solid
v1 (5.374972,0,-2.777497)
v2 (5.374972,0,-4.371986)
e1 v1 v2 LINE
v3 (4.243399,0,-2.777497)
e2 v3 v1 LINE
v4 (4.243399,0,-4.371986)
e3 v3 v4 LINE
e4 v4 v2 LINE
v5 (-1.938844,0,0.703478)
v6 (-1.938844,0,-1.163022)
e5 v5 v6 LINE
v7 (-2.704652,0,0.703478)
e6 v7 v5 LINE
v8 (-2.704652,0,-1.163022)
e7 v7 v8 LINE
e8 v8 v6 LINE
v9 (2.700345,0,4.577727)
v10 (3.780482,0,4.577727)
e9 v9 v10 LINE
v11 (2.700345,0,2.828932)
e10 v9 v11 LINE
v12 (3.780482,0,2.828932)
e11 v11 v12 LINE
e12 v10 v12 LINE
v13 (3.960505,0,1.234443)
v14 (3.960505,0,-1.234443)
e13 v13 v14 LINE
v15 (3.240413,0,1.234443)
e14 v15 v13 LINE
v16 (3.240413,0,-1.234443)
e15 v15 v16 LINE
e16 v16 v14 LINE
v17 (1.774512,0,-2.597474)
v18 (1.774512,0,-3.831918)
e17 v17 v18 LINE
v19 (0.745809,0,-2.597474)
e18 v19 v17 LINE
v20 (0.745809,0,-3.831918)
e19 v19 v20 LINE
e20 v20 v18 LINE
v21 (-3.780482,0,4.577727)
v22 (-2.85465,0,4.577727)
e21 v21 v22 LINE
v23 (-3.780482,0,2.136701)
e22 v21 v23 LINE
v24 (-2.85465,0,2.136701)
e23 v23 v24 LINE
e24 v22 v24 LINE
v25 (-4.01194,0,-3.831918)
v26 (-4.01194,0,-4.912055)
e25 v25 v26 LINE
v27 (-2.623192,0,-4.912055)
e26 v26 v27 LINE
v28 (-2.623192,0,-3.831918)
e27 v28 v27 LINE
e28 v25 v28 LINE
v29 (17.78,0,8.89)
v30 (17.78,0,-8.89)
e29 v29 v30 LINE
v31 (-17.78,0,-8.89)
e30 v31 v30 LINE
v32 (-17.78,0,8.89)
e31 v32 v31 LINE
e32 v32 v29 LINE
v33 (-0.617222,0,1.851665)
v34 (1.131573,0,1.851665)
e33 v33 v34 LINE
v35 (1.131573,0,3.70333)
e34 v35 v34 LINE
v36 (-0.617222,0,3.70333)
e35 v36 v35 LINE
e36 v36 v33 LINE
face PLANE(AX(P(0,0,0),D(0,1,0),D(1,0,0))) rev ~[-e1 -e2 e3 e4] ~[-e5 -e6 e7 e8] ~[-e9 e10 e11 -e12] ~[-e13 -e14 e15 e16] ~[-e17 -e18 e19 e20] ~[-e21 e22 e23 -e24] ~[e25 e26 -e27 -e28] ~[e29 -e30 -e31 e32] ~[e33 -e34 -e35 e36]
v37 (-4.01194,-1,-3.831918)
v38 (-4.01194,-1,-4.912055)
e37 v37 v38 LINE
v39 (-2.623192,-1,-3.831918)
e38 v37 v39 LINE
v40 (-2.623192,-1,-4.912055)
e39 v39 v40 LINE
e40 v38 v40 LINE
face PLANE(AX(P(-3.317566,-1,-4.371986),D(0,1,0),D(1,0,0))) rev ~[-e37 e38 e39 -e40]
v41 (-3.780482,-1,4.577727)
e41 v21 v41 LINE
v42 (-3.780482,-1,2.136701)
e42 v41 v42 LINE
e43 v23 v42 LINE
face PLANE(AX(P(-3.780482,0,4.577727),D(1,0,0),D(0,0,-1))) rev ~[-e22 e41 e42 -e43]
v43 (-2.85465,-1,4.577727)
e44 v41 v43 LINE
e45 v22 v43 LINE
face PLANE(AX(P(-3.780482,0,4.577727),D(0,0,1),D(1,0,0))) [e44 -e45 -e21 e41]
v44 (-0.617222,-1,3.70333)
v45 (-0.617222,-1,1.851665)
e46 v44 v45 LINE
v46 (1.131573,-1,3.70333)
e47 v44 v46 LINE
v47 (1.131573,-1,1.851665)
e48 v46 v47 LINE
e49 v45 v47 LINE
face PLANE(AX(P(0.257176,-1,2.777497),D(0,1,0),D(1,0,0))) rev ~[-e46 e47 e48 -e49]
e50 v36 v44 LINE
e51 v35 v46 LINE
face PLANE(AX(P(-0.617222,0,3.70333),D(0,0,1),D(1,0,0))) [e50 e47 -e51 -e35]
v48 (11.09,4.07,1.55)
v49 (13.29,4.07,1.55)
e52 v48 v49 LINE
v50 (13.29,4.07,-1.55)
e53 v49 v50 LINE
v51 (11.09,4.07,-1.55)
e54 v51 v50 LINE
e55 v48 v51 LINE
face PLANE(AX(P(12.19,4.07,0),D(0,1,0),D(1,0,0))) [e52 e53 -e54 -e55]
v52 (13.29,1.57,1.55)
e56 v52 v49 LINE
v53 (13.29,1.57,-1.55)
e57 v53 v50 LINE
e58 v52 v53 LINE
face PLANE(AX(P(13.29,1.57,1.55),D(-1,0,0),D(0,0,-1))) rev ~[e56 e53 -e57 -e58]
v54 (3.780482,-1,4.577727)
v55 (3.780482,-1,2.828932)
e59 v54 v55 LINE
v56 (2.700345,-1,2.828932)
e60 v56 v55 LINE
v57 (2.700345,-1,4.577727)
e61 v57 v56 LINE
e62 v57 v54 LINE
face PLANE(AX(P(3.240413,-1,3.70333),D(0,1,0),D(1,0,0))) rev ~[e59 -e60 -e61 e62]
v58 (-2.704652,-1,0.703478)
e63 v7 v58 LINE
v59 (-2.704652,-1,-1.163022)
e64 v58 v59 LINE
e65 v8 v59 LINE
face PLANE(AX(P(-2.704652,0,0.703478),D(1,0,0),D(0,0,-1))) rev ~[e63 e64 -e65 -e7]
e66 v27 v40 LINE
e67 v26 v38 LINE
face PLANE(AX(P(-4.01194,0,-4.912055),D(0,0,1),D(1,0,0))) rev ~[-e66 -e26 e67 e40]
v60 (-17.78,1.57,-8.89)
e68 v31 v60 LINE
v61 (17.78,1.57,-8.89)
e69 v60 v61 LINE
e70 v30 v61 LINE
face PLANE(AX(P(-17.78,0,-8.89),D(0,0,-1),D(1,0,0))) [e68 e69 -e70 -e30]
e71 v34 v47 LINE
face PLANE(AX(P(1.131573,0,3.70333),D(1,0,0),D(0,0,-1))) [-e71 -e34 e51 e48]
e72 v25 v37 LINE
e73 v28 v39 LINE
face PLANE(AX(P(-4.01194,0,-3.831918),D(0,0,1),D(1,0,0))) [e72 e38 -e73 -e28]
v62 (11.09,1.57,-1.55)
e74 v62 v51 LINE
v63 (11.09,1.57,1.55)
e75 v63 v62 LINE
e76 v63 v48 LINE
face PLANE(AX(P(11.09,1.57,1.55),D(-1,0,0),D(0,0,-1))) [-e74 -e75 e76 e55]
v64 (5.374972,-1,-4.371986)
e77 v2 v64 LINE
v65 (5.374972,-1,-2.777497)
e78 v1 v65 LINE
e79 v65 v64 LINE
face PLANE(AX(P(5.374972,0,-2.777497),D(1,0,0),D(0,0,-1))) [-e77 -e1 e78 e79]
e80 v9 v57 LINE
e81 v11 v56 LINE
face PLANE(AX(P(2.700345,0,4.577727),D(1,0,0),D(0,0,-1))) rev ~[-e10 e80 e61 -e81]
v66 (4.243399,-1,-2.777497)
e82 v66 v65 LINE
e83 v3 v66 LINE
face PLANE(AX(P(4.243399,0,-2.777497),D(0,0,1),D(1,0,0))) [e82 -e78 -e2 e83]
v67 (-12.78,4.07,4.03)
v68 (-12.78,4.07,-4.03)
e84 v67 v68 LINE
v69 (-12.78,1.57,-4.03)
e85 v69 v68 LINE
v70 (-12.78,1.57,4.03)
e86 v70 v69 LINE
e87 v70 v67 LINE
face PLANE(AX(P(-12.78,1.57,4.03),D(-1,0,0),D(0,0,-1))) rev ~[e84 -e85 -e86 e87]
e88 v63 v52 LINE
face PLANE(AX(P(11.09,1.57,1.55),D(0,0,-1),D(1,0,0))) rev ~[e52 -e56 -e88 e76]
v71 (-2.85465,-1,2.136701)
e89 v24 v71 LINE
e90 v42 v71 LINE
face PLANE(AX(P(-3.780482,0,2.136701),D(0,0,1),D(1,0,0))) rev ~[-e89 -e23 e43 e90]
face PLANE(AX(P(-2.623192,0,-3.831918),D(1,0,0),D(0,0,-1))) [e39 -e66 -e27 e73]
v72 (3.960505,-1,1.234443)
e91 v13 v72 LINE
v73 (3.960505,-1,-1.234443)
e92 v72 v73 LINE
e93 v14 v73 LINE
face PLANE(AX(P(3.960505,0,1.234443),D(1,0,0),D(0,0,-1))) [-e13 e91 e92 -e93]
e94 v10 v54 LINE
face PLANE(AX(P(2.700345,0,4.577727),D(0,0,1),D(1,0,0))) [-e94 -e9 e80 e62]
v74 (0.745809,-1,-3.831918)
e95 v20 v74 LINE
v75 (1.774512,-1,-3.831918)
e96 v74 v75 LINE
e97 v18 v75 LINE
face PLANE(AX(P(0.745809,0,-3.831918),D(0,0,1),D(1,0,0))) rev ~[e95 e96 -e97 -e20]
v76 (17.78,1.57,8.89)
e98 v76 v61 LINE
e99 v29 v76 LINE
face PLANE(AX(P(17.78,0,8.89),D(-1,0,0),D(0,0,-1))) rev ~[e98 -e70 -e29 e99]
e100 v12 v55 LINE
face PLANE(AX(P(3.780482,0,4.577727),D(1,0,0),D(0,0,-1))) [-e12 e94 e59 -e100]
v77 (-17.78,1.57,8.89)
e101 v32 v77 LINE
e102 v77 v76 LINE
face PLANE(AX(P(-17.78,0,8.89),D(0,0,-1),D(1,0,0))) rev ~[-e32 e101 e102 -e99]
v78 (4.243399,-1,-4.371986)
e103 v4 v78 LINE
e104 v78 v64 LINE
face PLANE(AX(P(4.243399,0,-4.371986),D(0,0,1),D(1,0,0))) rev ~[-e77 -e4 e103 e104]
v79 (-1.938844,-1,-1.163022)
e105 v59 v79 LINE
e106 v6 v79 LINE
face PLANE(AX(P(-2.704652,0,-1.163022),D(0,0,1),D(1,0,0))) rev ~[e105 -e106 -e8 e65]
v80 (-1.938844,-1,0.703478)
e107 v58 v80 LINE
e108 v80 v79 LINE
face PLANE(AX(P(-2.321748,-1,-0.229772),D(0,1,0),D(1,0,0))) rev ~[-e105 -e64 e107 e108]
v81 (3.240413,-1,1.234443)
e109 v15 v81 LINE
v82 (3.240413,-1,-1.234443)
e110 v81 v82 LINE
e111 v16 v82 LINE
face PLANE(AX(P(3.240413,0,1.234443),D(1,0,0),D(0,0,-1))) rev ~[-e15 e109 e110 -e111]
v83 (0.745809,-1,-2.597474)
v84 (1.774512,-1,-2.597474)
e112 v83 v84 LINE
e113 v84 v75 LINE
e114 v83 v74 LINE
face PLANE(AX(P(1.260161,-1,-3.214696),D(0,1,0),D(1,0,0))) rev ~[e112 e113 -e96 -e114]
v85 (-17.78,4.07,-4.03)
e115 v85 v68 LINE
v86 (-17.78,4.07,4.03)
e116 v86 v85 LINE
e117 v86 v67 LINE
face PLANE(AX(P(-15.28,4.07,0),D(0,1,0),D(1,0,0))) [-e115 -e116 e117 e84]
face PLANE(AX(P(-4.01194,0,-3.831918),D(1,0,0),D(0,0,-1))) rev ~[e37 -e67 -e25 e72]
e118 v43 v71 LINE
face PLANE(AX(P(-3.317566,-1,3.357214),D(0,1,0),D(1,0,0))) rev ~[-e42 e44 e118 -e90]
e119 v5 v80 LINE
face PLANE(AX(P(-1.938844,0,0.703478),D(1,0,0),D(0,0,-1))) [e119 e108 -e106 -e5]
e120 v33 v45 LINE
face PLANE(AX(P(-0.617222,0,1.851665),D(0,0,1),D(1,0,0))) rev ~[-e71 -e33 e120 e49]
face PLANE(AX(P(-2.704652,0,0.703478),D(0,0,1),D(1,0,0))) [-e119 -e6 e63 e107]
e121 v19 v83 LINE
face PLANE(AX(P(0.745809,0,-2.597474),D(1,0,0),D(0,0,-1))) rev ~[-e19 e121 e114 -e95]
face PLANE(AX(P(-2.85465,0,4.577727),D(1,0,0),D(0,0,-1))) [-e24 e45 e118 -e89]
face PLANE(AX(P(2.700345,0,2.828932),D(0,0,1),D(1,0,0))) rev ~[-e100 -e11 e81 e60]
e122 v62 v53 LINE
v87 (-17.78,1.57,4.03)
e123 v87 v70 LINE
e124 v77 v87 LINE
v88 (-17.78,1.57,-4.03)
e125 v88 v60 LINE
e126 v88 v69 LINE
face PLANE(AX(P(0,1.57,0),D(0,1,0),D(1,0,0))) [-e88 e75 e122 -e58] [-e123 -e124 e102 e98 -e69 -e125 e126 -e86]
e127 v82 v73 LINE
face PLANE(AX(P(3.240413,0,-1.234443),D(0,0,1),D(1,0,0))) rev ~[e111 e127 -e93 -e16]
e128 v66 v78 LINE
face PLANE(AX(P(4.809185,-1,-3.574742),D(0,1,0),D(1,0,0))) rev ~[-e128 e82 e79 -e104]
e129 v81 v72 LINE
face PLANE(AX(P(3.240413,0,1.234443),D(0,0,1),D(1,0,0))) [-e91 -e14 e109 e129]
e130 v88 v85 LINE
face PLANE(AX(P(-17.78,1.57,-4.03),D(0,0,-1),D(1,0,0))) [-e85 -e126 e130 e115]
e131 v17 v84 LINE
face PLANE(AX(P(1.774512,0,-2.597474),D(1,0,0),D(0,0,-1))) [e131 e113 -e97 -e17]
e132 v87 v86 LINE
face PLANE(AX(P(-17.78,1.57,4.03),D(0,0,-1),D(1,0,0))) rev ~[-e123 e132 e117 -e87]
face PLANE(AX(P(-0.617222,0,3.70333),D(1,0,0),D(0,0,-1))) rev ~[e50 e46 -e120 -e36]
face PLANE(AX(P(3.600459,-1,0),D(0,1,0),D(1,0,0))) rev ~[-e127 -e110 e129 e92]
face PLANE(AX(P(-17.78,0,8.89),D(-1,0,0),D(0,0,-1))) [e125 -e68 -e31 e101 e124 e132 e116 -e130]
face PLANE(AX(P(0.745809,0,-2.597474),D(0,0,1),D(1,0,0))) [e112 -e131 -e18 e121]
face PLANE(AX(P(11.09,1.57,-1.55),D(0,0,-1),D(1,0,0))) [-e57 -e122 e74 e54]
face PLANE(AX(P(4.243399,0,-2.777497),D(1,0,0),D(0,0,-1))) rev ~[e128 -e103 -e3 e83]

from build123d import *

# Parameters (mm, degrees)
SKETCH1_W           = 35.56
SKETCH1_H           = 17.78
BOARD_DEPTH         = 1.57
SKETCH2_W           = 5
SKETCH2_H           = 8.06
MICROUSB_DEPTH      = 2.5
SKETCH3_W           = 2.2
SKETCH3_H           = 3.1
BUTTON_DEPTH        = 2.5
SKETCH4_W           = 1.388748629
SKETCH4_H           = 1.080137823
SKETCH4_W_2         = 1.028702689
SKETCH4_H_2         = 1.234443227
SKETCH4_W_3         = 1.131572957
SKETCH4_H_3         = 1.594489167
SKETCH4_W_4         = 0.720091882
SKETCH4_H_4         = 2.468886452
SKETCH4_W_5         = 1.74879457
SKETCH4_H_5         = 1.85166484
SKETCH4_W_6         = 0.925832419
SKETCH4_H_6         = 2.441025755
SKETCH4_W_7         = 0.76580757
SKETCH4_H_7         = 1.866499914
SKETCH4_W_8         = 1.080137823
SKETCH4_H_8         = 1.748794571
BOSS_EXTRUDE1_DEPTH = 1


with BuildPart() as part:
    # Sketch1 → Board (new body)
    with BuildSketch(Plane(origin=(0, 0, 0), x_dir=(1, 0, 0), z_dir=(0, 1, 0))):
        Rectangle(SKETCH1_W, SKETCH1_H)
    extrude(amount=BOARD_DEPTH)

    # Sketch2 → MicroUSB (add)
    with BuildSketch(Plane(origin=(0, 1.57, 0), x_dir=(1, 0, 0), z_dir=(0, 1, 0))):
        with Locations((-15.28, 0)):
            Rectangle(SKETCH2_W, SKETCH2_H)
    extrude(amount=MICROUSB_DEPTH)

    # Sketch3 → Button (add)
    with BuildSketch(Plane(origin=(0, 1.57, 0), x_dir=(1, 0, 0), z_dir=(0, 1, 0))):
        with Locations((12.19, 0)):
            Rectangle(SKETCH3_W, SKETCH3_H)
    extrude(amount=BUTTON_DEPTH)

    # Sketch4 → Boss-Extrude1 (add)
    with BuildSketch(Plane(origin=(0, 0, 0), x_dir=(1, 0, 0), z_dir=(0, 1, 0))):
        with Locations((-3.317566171, 4.371986427)):
            Rectangle(SKETCH4_W, SKETCH4_H)
        with Locations((1.260160794, 3.214695902)):
            Rectangle(SKETCH4_W_2, SKETCH4_H_2)
        with Locations((4.809185068, 3.574741842)):
            Rectangle(SKETCH4_W_3, SKETCH4_H_3)
        with Locations((3.60045941, 0)):
            Rectangle(SKETCH4_W_4, SKETCH4_H_4)
        with Locations((0.257175672, -2.777497259)):
            Rectangle(SKETCH4_W_5, SKETCH4_H_5)
        with Locations((-3.317566171, -3.357214086)):
            Rectangle(SKETCH4_W_6, SKETCH4_H_6)
        with Locations((-2.32174824, 0.229771707)):
            Rectangle(SKETCH4_W_7, SKETCH4_H_7)
        with Locations((3.240413468, -3.703329679)):
            Rectangle(SKETCH4_W_8, SKETCH4_H_8)
    extrude(amount=-BOSS_EXTRUDE1_DEPTH)


solid = part.part
